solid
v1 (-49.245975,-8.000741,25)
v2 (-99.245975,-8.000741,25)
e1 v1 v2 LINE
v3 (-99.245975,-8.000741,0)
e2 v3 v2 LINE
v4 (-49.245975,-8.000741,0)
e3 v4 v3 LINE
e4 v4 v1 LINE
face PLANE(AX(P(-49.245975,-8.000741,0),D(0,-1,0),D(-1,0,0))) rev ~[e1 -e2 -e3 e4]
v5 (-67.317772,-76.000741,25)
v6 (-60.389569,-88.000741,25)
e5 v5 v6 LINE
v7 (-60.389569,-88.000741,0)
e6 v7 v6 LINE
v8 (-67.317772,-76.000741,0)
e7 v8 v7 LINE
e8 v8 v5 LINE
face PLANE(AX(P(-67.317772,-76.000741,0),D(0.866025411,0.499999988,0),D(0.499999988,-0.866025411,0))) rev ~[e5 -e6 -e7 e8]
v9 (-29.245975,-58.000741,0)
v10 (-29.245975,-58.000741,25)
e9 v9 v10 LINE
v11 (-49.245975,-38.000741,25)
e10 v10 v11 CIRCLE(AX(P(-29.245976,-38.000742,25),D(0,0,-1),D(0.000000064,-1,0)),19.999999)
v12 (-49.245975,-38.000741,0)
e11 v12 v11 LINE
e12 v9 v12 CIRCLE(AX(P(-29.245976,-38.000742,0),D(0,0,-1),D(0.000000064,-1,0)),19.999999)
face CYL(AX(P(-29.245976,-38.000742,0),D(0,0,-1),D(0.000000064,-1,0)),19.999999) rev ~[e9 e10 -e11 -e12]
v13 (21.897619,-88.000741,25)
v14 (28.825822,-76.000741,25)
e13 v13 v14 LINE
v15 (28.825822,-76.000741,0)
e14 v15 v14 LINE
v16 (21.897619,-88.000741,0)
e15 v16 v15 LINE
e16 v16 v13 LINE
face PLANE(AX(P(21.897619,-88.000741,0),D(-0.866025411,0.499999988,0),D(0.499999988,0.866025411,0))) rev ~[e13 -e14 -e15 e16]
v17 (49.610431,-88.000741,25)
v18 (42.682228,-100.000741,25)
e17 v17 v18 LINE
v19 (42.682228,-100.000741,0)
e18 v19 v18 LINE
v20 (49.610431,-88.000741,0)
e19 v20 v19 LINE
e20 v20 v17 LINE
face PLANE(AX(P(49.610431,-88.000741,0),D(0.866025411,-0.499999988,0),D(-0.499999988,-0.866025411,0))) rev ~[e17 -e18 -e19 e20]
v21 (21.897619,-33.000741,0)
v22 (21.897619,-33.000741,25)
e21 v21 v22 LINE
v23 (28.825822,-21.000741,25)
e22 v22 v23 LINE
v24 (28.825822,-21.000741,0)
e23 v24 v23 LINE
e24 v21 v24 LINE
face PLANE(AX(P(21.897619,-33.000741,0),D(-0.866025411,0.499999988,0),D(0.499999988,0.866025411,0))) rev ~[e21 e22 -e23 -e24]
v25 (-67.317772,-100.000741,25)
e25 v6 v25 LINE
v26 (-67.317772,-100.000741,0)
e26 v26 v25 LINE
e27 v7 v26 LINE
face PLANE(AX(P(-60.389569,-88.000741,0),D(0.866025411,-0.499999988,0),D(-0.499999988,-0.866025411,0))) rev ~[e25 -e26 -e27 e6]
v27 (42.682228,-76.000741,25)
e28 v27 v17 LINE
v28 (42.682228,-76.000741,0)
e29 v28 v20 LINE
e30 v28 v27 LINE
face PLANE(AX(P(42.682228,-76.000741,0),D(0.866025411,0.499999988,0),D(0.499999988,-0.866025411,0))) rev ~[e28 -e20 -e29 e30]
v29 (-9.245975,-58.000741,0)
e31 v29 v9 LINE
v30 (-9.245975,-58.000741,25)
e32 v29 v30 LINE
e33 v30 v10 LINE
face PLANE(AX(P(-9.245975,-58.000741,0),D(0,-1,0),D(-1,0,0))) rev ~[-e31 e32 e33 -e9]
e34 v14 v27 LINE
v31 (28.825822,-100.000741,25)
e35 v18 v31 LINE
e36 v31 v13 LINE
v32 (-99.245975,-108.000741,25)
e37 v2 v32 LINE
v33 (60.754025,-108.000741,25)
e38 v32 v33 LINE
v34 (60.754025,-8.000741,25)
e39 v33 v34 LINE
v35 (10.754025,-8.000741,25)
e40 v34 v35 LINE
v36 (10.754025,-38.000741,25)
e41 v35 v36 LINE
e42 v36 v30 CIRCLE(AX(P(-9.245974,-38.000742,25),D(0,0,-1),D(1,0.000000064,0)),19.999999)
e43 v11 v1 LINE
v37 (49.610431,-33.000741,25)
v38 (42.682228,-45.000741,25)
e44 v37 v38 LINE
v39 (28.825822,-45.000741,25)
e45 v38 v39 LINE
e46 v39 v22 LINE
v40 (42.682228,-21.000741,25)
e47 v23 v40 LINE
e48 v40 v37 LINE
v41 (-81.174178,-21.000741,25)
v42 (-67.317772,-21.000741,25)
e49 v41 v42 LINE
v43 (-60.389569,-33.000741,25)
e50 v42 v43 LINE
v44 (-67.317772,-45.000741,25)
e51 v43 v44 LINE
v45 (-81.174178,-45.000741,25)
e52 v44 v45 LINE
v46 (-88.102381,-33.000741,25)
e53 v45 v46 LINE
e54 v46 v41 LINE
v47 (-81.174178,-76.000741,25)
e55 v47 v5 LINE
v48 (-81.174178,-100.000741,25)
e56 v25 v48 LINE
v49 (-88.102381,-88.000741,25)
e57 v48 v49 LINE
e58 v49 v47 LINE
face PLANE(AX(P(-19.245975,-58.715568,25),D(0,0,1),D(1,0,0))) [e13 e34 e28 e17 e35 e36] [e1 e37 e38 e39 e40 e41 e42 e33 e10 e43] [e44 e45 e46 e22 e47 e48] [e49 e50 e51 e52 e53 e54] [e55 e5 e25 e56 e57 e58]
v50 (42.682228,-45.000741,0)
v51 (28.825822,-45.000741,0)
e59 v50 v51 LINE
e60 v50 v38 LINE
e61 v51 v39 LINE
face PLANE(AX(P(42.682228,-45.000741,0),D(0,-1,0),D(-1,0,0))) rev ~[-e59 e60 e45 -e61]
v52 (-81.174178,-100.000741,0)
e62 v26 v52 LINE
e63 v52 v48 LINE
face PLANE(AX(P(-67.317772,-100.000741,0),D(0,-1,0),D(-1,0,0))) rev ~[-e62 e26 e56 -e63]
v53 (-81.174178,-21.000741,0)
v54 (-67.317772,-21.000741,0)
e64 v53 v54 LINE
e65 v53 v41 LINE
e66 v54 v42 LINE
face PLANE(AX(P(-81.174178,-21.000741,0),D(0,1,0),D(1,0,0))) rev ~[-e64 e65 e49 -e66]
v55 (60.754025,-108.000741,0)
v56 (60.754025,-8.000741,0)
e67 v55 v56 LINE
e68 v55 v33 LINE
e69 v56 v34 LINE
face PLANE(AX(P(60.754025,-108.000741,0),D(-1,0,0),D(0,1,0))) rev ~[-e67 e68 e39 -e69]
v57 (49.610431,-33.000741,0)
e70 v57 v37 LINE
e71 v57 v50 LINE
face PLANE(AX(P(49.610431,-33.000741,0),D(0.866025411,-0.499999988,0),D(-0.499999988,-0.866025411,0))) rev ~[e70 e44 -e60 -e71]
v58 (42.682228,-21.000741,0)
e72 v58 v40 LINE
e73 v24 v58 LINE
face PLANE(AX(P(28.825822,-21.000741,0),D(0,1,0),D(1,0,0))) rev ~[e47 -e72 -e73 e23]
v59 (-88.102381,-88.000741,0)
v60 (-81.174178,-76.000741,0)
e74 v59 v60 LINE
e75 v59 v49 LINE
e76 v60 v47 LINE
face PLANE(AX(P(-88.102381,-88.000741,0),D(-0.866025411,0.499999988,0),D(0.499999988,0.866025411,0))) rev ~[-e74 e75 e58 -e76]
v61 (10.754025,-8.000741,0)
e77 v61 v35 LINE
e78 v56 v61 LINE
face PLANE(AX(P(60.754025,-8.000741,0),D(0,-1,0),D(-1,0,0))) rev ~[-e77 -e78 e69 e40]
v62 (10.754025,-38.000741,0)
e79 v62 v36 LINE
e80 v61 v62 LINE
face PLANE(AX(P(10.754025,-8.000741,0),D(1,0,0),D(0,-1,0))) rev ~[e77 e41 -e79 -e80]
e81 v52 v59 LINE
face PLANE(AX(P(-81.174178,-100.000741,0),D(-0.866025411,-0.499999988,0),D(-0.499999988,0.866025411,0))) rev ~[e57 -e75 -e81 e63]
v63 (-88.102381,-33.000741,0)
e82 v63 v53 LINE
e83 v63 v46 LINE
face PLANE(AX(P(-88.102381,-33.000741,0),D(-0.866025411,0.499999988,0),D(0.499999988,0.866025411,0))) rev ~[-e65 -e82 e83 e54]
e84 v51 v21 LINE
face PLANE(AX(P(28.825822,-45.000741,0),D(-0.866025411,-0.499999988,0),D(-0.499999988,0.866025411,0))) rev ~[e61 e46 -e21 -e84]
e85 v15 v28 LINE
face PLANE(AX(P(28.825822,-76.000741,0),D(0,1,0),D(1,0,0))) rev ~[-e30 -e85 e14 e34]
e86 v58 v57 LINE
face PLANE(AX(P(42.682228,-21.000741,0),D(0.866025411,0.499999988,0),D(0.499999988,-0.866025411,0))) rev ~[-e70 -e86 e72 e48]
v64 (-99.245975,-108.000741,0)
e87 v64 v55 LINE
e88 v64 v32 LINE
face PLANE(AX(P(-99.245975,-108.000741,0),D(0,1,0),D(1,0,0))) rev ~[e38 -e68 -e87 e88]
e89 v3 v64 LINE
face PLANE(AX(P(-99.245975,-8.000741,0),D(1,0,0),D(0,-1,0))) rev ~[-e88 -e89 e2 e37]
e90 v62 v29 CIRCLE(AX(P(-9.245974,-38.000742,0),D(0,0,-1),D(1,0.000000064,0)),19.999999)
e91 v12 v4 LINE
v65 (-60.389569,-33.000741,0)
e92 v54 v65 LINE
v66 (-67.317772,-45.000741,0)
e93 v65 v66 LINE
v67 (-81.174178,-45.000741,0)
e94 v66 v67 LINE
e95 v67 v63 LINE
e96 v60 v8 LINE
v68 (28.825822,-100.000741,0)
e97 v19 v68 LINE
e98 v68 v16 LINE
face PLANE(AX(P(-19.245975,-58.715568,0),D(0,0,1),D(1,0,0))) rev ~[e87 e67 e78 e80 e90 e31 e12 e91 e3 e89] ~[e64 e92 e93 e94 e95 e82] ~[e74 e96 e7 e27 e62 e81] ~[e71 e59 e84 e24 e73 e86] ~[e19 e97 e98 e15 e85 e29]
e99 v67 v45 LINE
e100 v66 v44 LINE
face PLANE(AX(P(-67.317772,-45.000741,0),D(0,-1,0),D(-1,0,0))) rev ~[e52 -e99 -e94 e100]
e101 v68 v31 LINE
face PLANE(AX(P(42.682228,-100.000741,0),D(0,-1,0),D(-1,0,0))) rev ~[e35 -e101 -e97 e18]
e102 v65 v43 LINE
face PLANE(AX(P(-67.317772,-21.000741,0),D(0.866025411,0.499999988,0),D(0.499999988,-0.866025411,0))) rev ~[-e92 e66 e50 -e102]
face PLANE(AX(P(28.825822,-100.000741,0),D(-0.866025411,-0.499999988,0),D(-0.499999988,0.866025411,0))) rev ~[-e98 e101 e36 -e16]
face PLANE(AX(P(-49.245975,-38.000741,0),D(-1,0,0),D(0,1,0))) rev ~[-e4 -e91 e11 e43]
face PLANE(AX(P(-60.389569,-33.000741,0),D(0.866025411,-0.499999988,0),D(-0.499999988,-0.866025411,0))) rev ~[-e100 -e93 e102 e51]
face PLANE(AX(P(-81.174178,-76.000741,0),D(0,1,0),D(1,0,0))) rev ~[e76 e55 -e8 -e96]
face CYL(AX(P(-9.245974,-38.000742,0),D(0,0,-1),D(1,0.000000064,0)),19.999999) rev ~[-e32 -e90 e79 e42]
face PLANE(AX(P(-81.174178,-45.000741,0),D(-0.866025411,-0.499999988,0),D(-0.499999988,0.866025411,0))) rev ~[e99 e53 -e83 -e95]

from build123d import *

# Parameters (mm, degrees)
F1_DEPTH = 25


with BuildPart() as f1:
    # F0 (on Top) → F1 (new body)
    with BuildSketch(Plane.XY):
        with BuildLine():
            Line((-99.245975, -8.000741), (-99.245975, -108.000741))
            Line((-99.245975, -108.000741), (60.754025, -108.000741))
            Line((60.754025, -108.000741), (60.754025, -8.000741))
            Line((60.754025, -8.000741), (10.754025, -8.000741))
            Line((10.754025, -8.000741), (10.754025, -38.000741))
            ThreePointArc((10.754025, -38.000741), (4.896161, -52.142877), (-9.245975, -58.000741))
            Line((-9.245975, -58.000741), (-29.245975, -58.000741))
            ThreePointArc((-29.245975, -58.000741), (-43.388111, -52.142877), (-49.245975, -38.000741))
            Line((-49.245975, -38.000741), (-49.245975, -8.000741))
            Line((-49.245975, -8.000741), (-99.245975, -8.000741))
        make_face()
        Polygon((-88.102381, -88.000741), (-81.174178, -76.000741), (-67.317772, -76.000741), (-60.389569, -88.000741), (-67.317772, -100.000741), (-81.174178, -100.000741), align=None, mode=Mode.SUBTRACT)
        Polygon((21.897619, -88.000741), (28.825822, -76.000741), (42.682228, -76.000741), (49.610431, -88.000741), (42.682228, -100.000741), (28.825822, -100.000741), align=None, mode=Mode.SUBTRACT)
        Polygon((-88.102381, -33.000741), (-81.174178, -21.000741), (-67.317772, -21.000741), (-60.389569, -33.000741), (-67.317772, -45.000741), (-81.174178, -45.000741), align=None, mode=Mode.SUBTRACT)
        Polygon((49.610431, -33.000741), (42.682228, -45.000741), (28.825822, -45.000741), (21.897619, -33.000741), (28.825822, -21.000741), (42.682228, -21.000741), align=None, mode=Mode.SUBTRACT)
    extrude(amount=F1_DEPTH)


solid = f1.part
